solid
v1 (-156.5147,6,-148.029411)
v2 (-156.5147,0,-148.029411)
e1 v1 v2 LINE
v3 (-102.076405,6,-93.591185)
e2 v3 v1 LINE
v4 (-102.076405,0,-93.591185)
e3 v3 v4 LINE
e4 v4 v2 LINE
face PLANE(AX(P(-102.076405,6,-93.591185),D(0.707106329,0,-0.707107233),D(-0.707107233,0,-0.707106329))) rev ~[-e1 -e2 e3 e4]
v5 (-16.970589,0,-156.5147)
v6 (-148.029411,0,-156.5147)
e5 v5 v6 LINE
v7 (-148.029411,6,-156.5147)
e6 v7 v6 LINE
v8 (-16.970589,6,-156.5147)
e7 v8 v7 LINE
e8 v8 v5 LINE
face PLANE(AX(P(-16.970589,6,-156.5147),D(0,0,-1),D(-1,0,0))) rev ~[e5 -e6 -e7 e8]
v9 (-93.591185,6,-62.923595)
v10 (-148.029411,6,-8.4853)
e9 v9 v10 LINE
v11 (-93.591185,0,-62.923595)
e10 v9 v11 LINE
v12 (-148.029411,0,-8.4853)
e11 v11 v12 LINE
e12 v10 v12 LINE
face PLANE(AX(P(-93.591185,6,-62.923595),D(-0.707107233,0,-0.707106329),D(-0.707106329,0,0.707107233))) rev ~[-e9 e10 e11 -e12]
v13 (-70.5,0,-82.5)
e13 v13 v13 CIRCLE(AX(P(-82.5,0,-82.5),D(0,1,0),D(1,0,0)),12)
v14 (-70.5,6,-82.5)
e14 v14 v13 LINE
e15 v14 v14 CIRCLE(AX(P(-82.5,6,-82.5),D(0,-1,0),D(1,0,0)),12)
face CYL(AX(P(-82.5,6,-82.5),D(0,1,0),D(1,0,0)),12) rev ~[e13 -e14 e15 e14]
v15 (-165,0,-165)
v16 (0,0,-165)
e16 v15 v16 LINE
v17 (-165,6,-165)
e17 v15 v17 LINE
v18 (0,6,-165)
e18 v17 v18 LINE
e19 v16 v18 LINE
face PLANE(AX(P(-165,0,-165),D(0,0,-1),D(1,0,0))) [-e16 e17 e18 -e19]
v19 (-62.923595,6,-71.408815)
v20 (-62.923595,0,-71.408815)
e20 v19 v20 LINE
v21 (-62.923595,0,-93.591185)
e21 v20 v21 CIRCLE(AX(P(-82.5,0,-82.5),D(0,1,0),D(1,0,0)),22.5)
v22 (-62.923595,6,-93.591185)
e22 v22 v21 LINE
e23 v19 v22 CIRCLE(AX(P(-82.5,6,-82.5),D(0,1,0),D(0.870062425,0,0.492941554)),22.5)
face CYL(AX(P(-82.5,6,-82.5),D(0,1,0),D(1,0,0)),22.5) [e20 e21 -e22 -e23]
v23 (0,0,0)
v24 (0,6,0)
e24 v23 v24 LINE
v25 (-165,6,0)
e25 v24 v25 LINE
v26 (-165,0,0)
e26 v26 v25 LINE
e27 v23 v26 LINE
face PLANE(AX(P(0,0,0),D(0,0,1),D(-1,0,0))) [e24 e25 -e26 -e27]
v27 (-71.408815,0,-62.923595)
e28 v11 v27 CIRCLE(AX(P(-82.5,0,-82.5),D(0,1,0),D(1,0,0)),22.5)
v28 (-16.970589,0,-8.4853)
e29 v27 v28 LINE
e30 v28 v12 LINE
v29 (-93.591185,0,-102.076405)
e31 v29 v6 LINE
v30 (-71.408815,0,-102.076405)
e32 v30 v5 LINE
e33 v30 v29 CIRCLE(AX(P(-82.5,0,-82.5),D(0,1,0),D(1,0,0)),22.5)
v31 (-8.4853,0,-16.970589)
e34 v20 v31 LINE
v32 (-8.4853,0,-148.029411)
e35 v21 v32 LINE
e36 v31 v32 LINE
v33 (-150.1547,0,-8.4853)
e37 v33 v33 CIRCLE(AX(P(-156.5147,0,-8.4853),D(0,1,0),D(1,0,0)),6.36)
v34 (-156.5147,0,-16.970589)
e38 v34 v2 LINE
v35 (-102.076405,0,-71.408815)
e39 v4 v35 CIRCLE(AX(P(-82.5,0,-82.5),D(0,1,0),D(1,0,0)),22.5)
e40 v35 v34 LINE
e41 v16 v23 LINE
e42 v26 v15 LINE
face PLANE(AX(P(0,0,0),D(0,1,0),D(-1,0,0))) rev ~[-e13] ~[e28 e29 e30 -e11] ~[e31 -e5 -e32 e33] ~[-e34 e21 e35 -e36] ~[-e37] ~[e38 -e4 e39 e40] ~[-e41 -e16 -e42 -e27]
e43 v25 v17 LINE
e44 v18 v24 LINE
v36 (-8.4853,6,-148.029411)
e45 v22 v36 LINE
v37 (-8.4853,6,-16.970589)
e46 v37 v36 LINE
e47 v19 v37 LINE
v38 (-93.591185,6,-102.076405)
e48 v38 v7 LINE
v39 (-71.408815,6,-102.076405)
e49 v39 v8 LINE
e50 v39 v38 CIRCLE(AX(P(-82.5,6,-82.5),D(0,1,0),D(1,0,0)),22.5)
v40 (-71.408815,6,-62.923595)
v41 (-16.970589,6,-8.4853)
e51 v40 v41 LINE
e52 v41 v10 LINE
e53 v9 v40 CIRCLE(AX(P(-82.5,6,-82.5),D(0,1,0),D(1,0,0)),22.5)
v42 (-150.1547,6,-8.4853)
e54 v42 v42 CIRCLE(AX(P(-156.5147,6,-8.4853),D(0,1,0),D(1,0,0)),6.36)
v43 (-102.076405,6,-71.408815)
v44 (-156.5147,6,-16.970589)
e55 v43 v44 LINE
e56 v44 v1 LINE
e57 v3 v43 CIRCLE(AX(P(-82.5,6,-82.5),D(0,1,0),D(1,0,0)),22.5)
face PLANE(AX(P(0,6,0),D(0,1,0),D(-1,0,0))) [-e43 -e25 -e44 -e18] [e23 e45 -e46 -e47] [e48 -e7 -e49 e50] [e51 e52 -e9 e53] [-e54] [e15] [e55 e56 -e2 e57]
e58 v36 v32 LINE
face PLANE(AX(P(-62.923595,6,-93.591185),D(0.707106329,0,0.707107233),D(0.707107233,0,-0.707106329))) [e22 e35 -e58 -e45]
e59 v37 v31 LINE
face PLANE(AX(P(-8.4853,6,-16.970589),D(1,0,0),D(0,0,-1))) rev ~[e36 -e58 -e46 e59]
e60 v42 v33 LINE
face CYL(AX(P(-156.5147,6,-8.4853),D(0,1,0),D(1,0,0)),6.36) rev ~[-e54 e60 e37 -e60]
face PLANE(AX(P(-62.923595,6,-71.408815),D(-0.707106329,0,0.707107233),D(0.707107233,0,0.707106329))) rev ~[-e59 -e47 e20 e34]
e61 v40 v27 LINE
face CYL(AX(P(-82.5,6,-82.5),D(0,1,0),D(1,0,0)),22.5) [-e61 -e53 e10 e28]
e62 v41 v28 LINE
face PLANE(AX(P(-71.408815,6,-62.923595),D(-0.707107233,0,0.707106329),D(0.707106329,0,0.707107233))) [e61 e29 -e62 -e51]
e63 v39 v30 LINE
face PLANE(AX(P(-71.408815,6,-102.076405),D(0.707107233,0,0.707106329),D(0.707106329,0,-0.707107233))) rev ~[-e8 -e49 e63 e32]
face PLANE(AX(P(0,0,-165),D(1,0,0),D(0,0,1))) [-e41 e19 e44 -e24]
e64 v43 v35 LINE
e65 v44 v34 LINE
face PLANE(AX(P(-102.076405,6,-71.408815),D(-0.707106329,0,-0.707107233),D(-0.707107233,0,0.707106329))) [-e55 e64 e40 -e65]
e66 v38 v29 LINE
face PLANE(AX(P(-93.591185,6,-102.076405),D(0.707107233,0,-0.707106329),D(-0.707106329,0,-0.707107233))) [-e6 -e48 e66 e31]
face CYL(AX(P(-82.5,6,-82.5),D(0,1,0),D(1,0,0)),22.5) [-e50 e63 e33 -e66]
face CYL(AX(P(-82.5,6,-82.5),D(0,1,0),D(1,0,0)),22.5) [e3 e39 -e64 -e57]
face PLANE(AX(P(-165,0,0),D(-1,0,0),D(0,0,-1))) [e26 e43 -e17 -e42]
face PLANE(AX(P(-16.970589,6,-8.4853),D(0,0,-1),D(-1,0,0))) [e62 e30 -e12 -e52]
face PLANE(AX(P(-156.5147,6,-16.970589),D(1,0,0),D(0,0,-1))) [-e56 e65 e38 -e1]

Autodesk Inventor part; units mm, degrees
ref_plane "YZ Plane" through (0, 0, 0) normal (1, 0, 0) x (0, 1, 0)
ref_plane "XZ Plane" through (0, 0, 0) normal (0, 1, 0) x (-1, 0, 0)
ref_plane "XY Plane" through (0, 0, 0) normal (0, 0, 1) x (1, 0, 0)
sketch "Boceto4" plane through (0, 0, 0) normal (0, 1, 0) x (-1, 0, 0)
  line L0 (0, 0) -> (165, 0)
  line L1 (165, 0) -> (165, -165)
  line L2 (165, -165) -> (0, -165)
  line L3 (0, -165) -> (0, 0)
  dimension "d6" = 165
  dimension "d7" = 165
extrude "Extrusión2" add sketch "Boceto4" along normal blind 6
sketch "Boceto5" plane through (0, 6, 0) normal (0, 1, 0) x (1, 0, 0)
  line L0 (-165, 0) -> (0, 0) projected
  line L1 (0, 165) -> (-165, 165) projected
  line L2 (0, 0) -> (-165, 165)
  line L3 (-165, 165) -> (0, 165)
  line L4 (-165, 165) -> (-165, 0) projected
  line L5 (0, 165) -> (-165, 0)
  circle A0 centre (-82.5, 82.5) radius 12
  circle A1 centre (-82.5, 82.5) radius 22.5
  line L6 (-82.5, 82.5) -> (-89.5711, 75.4289)
  line L7 (-82.5, 82.5) -> (-75.4289, 89.5711)
  line L8 (0, 0) -> (0, 165) projected
  line L9 (-82.5, 82.5) -> (-86.7426, 78.2574)
  line L10 (-86.7426, 78.2574) -> (-8.4853, 0)
  line L11 (-82.5, 82.5) -> (-78.2574, 86.7426)
  line L12 (-78.2574, 86.7426) -> (0, 8.4853)
  line L13 (-86.7426, 78.2574) -> (-165, 156.5147)
  line L14 (-78.2574, 86.7426) -> (-156.5147, 165)
  dimension "d10" = 24
  dimension "d11" = 45
  dimension "d14" = 6
  dimension "d15" = 6
extrude "Extrusión3" cut sketch "Boceto5" against normal through all contours A0 L13 L5 | L5 L10 A0 | L10 L5 L2 A0 | A0 L2 L5 L13 | L2 L5 L12 A0 | A0 L14 L5 L2 | L12 L5 A0 | A0 L5 L14
sketch "Boceto6" plane through (0, 6, 0) normal (0, 1, 0) x (1, 0, 0)
  line L0 (-165, 165) -> (-165, 0) projected
  line L1 (-165, 165) -> (0, 0)
  line L2 (0, 0) -> (0, 165) projected
  line L3 (-165, 0) -> (0, 165)
  circle A0 centre (-82.5, 82.5) radius 22.5
  line L4 (-82.5, 82.5) -> (-86.7426, 86.7426)
  line L5 (-86.7426, 86.7426) -> (-165, 8.4853)
  line L6 (-82.5, 82.5) -> (-78.2574, 78.2574)
  line L7 (-78.2574, 78.2574) -> (-156.5147, 0)
  line L8 (-165, 0) -> (0, 0) projected
  line L9 (-86.7426, 86.7426) -> (-8.4853, 165)
  line L10 (0, 165) -> (-165, 165) projected
  line L11 (-78.2574, 78.2574) -> (0, 156.5147)
  line L12 (-82.5, 82.5) -> (-78.2574, 86.7426)
  line L13 (-82.5, 82.5) -> (-78.2574, 86.7426)
  line L14 (-78.2574, 86.7426) -> (-156.5147, 165)
  line L15 (-82.5, 82.5) -> (-86.7426, 78.2574)
  line L16 (-86.7426, 78.2574) -> (-165, 156.5147)
  line L17 (-86.7426, 78.2574) -> (-8.4853, 0)
  line L18 (-165, 0) -> (-165, 165)
  line L19 (0, 165) -> (-165, 165)
  line L20 (0, 0) -> (0, 165)
  line L21 (-165, 0) -> (0, 0)
  line L22 (-165, 0) -> (0, 0) projected
  circle A1 centre (-82.5, 82.5) radius 12 projected
  line L23 (0, 165) -> (-165, 165) projected
  line L24 (-165, 165) -> (-165, 0) projected
  line L25 (-165, 0) -> (0, 0) projected
  line L26 (0, 0) -> (0, 165) projected
  circle A2 centre (-82.5, 82.5) radius 12 projected
  line L27 (0, 165) -> (-165, 165) projected
  line L28 (-165, 165) -> (-165, 0) projected
  line L29 (-165, 0) -> (0, 0) projected
  line L30 (0, 0) -> (0, 165) projected
  line L31 (0, -1.5147) -> (0, 8.4853)
  line L32 (0, 8.4853) -> (-165, 8.4853)
  line L33 (-156.5147, 0) -> (-156.5147, 165)
  line L34 (-8.4853, 0) -> (-8.4853, 165)
  line L35 (0, 156.5147) -> (-165, 156.5147)
  line L36 (-78.2574, 86.7426) -> (0, 8.4853)
  point P0 (-16.9706, 156.5147)
  point P1 (-148.0294, 156.5147)
  point P2 (-93.5911, 102.0764)
  point P3 (-71.4089, 102.0764)
  point P4 (-62.9236, 71.4089)
  point P5 (-8.4853, 16.9706)
  point P6 (-8.4853, 148.0294)
  point P7 (-62.9236, 93.5911)
  point P8 (-148.0294, 8.4853)
  point P9 (-16.9706, 8.4853)
  point P10 (-71.4089, 62.9236)
  point P11 (-93.5911, 62.9236)
  point P12 (-156.5147, 148.0294)
  point P13 (-156.5147, 16.9706)
  point P14 (-102.0764, 71.4089)
  point P15 (-102.0764, 93.5911)
  dimension "d18" = 45
  dimension "d19" = 6
  dimension "d20" = 6
  dimension "d21" = 6
  dimension "d22" = 6
  dimension "d24" = 10
extrude "Extrusión4" cut sketch "Boceto6" against normal through all contours L16 A0 L5 L33 | L35 L9 A0 L14 | L7 A0 L17 L32 | L34 L36 A0 L11
sketch "Boceto7" plane through (0, 6, 0) normal (0, 1, 0) x (1, 0, 0)
  point P0 (0, 0)
sketch "Boceto8" plane through (0, 6, 0) normal (0, 1, 0) x (1, 0, 0)
  line L0 (-148.0294, 156.5147) -> (-16.9706, 156.5147) projected
  line L1 (-165, 165) -> (-165, 0) projected
  line L2 (-16.9706, 8.4853) -> (-148.0294, 8.4853) projected
  line L3 (-16.9706, 156.5147) -> (-71.4089, 102.0764) projected
  circle A0 centre (-156.5147, 8.4853) radius 6.36
  point P0 (0, 0)
extrude "Extrusión5" cut sketch "Boceto8" against normal through all
